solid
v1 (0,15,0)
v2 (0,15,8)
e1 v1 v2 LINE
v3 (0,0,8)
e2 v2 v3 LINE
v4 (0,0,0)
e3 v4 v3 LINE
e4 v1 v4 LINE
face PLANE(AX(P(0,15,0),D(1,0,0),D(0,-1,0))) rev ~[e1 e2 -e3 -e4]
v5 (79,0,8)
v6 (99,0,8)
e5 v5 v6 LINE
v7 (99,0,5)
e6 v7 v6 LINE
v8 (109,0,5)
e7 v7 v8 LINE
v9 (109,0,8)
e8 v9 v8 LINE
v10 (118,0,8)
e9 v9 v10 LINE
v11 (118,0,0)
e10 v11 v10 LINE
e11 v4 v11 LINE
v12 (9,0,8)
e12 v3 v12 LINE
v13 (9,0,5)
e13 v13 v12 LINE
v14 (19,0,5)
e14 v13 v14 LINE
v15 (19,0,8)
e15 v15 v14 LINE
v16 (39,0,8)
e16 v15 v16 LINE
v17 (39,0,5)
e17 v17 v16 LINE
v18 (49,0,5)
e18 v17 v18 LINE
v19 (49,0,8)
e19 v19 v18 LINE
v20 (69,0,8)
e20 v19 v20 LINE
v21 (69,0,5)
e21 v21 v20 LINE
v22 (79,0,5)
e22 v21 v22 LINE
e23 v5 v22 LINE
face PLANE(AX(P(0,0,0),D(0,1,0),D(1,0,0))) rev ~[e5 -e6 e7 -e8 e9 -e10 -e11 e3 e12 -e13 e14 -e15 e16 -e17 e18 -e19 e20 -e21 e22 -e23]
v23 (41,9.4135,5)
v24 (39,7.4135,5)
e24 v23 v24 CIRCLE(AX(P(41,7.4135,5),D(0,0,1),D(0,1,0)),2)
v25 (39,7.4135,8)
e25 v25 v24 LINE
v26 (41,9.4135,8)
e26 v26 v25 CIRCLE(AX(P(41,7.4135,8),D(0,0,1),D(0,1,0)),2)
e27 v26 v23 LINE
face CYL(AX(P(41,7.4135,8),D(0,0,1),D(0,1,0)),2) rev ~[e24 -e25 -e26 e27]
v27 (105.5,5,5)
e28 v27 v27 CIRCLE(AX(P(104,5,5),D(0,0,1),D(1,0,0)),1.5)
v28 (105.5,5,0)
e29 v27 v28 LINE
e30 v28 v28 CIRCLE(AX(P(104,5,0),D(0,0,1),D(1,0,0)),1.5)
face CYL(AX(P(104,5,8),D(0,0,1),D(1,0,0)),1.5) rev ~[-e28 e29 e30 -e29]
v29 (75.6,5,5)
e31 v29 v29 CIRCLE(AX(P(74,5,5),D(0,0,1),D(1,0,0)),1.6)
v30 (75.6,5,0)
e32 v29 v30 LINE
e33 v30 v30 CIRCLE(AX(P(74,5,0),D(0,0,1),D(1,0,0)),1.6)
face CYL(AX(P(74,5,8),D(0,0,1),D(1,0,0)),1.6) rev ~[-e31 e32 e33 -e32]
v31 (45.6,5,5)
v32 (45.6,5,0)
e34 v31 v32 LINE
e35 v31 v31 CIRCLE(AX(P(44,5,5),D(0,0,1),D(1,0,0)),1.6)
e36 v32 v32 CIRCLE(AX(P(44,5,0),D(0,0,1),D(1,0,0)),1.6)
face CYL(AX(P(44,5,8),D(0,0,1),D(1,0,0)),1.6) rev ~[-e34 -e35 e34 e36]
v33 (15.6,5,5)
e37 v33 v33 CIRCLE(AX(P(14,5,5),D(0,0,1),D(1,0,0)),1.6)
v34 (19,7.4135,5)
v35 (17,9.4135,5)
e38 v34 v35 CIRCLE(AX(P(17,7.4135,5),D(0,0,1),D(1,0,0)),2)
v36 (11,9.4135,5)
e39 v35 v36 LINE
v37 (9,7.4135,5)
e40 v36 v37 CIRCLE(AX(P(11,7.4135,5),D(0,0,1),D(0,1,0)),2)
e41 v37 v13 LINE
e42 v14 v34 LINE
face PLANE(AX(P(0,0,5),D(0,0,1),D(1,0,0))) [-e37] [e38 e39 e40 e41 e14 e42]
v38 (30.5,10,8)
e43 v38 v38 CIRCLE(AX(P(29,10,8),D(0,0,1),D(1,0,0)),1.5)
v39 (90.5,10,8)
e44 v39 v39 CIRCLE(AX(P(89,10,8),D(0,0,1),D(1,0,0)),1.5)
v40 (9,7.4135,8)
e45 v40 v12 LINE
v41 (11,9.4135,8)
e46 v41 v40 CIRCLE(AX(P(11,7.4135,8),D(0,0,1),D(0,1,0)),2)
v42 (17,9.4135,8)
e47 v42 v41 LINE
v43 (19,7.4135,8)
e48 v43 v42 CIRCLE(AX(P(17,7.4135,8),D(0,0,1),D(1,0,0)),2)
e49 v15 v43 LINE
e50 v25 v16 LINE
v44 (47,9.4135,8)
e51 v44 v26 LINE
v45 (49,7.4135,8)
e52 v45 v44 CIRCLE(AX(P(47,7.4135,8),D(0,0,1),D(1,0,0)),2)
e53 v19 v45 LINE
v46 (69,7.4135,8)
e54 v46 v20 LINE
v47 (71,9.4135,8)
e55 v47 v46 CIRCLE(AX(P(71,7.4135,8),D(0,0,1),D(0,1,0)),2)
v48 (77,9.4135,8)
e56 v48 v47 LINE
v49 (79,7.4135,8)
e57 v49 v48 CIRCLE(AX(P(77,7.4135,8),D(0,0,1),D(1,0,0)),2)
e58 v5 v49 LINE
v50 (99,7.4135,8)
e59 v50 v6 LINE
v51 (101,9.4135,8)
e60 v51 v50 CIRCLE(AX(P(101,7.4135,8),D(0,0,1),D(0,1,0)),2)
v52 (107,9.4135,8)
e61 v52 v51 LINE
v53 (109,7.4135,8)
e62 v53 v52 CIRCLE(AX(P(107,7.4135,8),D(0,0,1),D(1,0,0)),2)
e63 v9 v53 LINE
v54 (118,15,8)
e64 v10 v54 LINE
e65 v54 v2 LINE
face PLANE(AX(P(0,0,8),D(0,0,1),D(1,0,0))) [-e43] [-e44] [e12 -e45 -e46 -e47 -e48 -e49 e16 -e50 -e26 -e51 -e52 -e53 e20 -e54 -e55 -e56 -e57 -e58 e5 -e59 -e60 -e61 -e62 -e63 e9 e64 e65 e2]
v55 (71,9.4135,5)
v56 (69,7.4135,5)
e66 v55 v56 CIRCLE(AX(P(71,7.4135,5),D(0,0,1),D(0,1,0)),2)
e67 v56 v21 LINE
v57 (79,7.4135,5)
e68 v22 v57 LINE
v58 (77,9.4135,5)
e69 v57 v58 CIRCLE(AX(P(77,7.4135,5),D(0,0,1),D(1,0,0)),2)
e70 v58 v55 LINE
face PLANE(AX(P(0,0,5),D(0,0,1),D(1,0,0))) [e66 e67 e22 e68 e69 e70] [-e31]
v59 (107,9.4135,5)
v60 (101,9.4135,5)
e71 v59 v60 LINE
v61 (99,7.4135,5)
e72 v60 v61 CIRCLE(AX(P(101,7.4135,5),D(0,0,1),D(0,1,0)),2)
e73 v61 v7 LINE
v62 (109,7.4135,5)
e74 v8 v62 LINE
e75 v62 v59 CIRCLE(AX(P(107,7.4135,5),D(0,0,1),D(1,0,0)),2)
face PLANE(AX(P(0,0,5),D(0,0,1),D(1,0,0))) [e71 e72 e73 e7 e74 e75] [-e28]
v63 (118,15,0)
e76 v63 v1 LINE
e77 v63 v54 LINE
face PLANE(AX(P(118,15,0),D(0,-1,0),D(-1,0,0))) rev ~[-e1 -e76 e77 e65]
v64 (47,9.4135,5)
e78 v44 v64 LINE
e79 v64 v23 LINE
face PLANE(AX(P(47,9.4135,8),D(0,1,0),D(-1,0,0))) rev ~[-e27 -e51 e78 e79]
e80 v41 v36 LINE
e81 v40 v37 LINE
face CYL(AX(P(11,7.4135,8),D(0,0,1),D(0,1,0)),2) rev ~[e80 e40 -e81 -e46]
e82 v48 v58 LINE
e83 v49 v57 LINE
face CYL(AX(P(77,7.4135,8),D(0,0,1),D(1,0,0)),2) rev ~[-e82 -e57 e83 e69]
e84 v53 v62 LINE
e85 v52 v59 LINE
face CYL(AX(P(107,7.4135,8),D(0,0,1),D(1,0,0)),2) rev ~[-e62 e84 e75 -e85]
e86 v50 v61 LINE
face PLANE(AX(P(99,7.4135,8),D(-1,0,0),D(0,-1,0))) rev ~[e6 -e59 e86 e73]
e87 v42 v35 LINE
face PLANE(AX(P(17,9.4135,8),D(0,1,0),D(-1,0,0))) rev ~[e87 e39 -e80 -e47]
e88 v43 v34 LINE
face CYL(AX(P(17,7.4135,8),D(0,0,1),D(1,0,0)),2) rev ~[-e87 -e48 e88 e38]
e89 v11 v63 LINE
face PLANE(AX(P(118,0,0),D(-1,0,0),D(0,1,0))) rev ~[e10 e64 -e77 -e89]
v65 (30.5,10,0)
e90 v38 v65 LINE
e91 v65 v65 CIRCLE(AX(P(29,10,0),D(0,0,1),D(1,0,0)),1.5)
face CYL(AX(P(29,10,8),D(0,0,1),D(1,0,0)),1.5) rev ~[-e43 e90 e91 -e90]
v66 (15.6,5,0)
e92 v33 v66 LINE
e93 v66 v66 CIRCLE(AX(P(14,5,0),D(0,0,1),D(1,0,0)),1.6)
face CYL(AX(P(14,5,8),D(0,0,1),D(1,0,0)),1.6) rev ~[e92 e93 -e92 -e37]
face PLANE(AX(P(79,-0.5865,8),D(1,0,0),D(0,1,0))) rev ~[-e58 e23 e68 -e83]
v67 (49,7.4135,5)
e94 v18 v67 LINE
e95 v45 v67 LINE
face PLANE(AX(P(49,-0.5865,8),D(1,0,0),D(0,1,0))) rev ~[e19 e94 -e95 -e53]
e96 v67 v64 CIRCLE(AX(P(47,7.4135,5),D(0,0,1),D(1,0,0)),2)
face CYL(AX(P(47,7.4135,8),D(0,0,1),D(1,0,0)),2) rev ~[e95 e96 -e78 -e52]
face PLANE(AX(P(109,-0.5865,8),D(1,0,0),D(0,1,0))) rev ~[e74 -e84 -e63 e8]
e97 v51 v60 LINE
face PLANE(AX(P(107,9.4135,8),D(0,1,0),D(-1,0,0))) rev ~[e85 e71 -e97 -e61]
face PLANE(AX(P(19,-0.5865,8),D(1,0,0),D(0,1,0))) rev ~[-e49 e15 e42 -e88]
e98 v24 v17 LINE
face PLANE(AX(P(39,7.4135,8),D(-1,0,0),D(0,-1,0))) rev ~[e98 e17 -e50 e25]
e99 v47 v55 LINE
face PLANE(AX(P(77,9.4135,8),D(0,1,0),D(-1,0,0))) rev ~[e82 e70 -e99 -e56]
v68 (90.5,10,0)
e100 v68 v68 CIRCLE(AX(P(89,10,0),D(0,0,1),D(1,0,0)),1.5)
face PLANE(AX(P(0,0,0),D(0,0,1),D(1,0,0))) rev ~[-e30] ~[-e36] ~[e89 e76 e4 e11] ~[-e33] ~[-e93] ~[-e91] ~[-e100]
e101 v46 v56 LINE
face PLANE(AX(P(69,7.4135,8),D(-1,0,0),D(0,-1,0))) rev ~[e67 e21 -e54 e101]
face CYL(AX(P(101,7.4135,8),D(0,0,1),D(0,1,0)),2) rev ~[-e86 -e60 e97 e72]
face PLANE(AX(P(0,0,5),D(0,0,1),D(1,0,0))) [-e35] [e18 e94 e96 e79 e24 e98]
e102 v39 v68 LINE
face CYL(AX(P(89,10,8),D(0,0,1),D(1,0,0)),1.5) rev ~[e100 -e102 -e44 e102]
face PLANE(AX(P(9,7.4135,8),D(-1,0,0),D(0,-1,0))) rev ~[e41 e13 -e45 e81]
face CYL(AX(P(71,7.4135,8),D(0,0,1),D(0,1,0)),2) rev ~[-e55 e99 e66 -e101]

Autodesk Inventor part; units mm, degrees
ref_plane "YZ Plane" through (0, 0, 0) normal (1, 0, 0) x (0, 1, 0)
ref_plane "XZ Plane" through (0, 0, 0) normal (0, 1, 0) x (-1, 0, 0)
ref_plane "XY Plane" through (0, 0, 0) normal (0, 0, 1) x (1, 0, 0)
sketch "Sketch1" plane through (0, 0, 0) normal (0, 0, 1) x (1, 0, 0)
  line L0 (0, 0) -> (118, 0)
  line L1 (118, 0) -> (118, 15)
  line L2 (118, 15) -> (0, 15)
  line L3 (0, 15) -> (0, 0)
  dimension "d0" = 118
  dimension "d1" = 15
extrude "Extrusion1" add sketch "Sketch1" along normal blind 8
sketch "Sketch2" plane through (0, 0, 8) normal (0, 0, 1) x (1, 0, 0)
  circle A0 centre (14, 5) radius 1.6
  circle A1 centre (44, 5) radius 1.6
  circle A2 centre (74, 5) radius 1.6
  line L0 (0, 15) -> (0, 0) projected
  line L1 (118, 0) -> (118, 15) projected
  line L2 (0, 0) -> (118, 0) projected
  circle A3 centre (104, 5) radius 1.5
  line L3 (118, 15) -> (0, 15) projected
  circle A4 centre (29, 10) radius 1.5
  circle A5 centre (89, 10) radius 1.5
  point P0 (59, 0)
  dimension "d4" = 3.2
  dimension "d5" = 3.2
  dimension "d6" = 3.2
  dimension "d11" = 5
  dimension "d14" = 3
  dimension "d15" = 30
  dimension "d16" = 30
  dimension "d17" = 30
  dimension "d18" = 14
  dimension "d19" = 14
  dimension "d20" = 3
  dimension "d21" = 3
  dimension "d22" = 5
  dimension "d23" = 29
  dimension "d24" = 29
extrude "Extrusion2" cut sketch "Sketch2" against normal blind 10 contours A0 | A1 | A2 | A3 | A4 | A5
sketch "Sketch3" plane through (0, 0, 8) normal (0, 0, 1) x (1, 0, 0)
  circle A0 centre (44, 5) radius 1.6 projected
  circle A1 centre (104, 5) radius 1.5 projected
  circle A2 centre (14, 5) radius 1.6 projected
  circle A3 centre (74, 5) radius 1.6 projected
  arc A4 (19, 7.4135) -> (17, 9.4135) centre (17, 7.4135) ccw projected
  line L0 (17, 9.4135) -> (11, 9.4135) projected
  arc A5 (11, 9.4135) -> (9, 7.4135) centre (11, 7.4135) ccw projected
  line L1 (9, 7.4135) -> (9, -0.5865) projected
  arc A6 (19, -0.5865) -> (9, -0.5865) centre (14, -8.0699) ccw projected
  line L2 (19, -0.5865) -> (19, 7.4135) projected
  circle A7 centre (14, 5) radius 1.6 projected
  arc A8 (49, 7.4135) -> (47, 9.4135) centre (47, 7.4135) ccw projected
  line L3 (47, 9.4135) -> (41, 9.4135) projected
  arc A9 (41, 9.4135) -> (39, 7.4135) centre (41, 7.4135) ccw projected
  line L4 (39, 7.4135) -> (39, -0.5865) projected
  arc A10 (49, -0.5865) -> (39, -0.5865) centre (44, -8.0699) ccw projected
  line L5 (49, -0.5865) -> (49, 7.4135) projected
  circle A11 centre (44, 5) radius 1.6 projected
  arc A12 (79, 7.4135) -> (77, 9.4135) centre (77, 7.4135) ccw projected
  line L6 (77, 9.4135) -> (71, 9.4135) projected
  arc A13 (71, 9.4135) -> (69, 7.4135) centre (71, 7.4135) ccw projected
  line L7 (69, 7.4135) -> (69, -0.5865) projected
  arc A14 (79, -0.5865) -> (69, -0.5865) centre (74, -8.0699) ccw projected
  line L8 (79, -0.5865) -> (79, 7.4135) projected
  circle A15 centre (74, 5) radius 1.6 projected
  arc A16 (109, 7.4135) -> (107, 9.4135) centre (107, 7.4135) ccw projected
  line L9 (107, 9.4135) -> (101, 9.4135) projected
  arc A17 (101, 9.4135) -> (99, 7.4135) centre (101, 7.4135) ccw projected
  line L10 (99, 7.4135) -> (99, -0.5865) projected
  arc A18 (109, -0.5865) -> (99, -0.5865) centre (104, -8.0699) ccw projected
  line L11 (109, -0.5865) -> (109, 7.4135) projected
  circle A19 centre (104, 5) radius 1.6 projected
  line L12 (9, -0.5865) -> (19, -0.5865)
  line L13 (39, -0.5865) -> (49, -0.5865)
  line L14 (69, -0.5865) -> (79, -0.5865)
  line L15 (99, -0.5865) -> (109, -0.5865)
extrude "Extrusion3" cut sketch "Sketch3" against normal blind 3 contours A1 | L2 A6 L1 A5 L0 A4 | L12 A6 | L5 A10 L4 A9 L3 A8 | L13 A10 | L8 A14 L7 A13 L6 A12 | L14 A14 | L11 A18 L10 A17 L9 A16 | L15 A18 | A19
equation "\"d15\" = d16"
equation "\"d16\" = d17"
equation "\"d18\" = d19"
equation "\"d23\" = d24"
equation "\"d24\" = d19 + 0.5 * d15"
properties part number "brush rack holder"
